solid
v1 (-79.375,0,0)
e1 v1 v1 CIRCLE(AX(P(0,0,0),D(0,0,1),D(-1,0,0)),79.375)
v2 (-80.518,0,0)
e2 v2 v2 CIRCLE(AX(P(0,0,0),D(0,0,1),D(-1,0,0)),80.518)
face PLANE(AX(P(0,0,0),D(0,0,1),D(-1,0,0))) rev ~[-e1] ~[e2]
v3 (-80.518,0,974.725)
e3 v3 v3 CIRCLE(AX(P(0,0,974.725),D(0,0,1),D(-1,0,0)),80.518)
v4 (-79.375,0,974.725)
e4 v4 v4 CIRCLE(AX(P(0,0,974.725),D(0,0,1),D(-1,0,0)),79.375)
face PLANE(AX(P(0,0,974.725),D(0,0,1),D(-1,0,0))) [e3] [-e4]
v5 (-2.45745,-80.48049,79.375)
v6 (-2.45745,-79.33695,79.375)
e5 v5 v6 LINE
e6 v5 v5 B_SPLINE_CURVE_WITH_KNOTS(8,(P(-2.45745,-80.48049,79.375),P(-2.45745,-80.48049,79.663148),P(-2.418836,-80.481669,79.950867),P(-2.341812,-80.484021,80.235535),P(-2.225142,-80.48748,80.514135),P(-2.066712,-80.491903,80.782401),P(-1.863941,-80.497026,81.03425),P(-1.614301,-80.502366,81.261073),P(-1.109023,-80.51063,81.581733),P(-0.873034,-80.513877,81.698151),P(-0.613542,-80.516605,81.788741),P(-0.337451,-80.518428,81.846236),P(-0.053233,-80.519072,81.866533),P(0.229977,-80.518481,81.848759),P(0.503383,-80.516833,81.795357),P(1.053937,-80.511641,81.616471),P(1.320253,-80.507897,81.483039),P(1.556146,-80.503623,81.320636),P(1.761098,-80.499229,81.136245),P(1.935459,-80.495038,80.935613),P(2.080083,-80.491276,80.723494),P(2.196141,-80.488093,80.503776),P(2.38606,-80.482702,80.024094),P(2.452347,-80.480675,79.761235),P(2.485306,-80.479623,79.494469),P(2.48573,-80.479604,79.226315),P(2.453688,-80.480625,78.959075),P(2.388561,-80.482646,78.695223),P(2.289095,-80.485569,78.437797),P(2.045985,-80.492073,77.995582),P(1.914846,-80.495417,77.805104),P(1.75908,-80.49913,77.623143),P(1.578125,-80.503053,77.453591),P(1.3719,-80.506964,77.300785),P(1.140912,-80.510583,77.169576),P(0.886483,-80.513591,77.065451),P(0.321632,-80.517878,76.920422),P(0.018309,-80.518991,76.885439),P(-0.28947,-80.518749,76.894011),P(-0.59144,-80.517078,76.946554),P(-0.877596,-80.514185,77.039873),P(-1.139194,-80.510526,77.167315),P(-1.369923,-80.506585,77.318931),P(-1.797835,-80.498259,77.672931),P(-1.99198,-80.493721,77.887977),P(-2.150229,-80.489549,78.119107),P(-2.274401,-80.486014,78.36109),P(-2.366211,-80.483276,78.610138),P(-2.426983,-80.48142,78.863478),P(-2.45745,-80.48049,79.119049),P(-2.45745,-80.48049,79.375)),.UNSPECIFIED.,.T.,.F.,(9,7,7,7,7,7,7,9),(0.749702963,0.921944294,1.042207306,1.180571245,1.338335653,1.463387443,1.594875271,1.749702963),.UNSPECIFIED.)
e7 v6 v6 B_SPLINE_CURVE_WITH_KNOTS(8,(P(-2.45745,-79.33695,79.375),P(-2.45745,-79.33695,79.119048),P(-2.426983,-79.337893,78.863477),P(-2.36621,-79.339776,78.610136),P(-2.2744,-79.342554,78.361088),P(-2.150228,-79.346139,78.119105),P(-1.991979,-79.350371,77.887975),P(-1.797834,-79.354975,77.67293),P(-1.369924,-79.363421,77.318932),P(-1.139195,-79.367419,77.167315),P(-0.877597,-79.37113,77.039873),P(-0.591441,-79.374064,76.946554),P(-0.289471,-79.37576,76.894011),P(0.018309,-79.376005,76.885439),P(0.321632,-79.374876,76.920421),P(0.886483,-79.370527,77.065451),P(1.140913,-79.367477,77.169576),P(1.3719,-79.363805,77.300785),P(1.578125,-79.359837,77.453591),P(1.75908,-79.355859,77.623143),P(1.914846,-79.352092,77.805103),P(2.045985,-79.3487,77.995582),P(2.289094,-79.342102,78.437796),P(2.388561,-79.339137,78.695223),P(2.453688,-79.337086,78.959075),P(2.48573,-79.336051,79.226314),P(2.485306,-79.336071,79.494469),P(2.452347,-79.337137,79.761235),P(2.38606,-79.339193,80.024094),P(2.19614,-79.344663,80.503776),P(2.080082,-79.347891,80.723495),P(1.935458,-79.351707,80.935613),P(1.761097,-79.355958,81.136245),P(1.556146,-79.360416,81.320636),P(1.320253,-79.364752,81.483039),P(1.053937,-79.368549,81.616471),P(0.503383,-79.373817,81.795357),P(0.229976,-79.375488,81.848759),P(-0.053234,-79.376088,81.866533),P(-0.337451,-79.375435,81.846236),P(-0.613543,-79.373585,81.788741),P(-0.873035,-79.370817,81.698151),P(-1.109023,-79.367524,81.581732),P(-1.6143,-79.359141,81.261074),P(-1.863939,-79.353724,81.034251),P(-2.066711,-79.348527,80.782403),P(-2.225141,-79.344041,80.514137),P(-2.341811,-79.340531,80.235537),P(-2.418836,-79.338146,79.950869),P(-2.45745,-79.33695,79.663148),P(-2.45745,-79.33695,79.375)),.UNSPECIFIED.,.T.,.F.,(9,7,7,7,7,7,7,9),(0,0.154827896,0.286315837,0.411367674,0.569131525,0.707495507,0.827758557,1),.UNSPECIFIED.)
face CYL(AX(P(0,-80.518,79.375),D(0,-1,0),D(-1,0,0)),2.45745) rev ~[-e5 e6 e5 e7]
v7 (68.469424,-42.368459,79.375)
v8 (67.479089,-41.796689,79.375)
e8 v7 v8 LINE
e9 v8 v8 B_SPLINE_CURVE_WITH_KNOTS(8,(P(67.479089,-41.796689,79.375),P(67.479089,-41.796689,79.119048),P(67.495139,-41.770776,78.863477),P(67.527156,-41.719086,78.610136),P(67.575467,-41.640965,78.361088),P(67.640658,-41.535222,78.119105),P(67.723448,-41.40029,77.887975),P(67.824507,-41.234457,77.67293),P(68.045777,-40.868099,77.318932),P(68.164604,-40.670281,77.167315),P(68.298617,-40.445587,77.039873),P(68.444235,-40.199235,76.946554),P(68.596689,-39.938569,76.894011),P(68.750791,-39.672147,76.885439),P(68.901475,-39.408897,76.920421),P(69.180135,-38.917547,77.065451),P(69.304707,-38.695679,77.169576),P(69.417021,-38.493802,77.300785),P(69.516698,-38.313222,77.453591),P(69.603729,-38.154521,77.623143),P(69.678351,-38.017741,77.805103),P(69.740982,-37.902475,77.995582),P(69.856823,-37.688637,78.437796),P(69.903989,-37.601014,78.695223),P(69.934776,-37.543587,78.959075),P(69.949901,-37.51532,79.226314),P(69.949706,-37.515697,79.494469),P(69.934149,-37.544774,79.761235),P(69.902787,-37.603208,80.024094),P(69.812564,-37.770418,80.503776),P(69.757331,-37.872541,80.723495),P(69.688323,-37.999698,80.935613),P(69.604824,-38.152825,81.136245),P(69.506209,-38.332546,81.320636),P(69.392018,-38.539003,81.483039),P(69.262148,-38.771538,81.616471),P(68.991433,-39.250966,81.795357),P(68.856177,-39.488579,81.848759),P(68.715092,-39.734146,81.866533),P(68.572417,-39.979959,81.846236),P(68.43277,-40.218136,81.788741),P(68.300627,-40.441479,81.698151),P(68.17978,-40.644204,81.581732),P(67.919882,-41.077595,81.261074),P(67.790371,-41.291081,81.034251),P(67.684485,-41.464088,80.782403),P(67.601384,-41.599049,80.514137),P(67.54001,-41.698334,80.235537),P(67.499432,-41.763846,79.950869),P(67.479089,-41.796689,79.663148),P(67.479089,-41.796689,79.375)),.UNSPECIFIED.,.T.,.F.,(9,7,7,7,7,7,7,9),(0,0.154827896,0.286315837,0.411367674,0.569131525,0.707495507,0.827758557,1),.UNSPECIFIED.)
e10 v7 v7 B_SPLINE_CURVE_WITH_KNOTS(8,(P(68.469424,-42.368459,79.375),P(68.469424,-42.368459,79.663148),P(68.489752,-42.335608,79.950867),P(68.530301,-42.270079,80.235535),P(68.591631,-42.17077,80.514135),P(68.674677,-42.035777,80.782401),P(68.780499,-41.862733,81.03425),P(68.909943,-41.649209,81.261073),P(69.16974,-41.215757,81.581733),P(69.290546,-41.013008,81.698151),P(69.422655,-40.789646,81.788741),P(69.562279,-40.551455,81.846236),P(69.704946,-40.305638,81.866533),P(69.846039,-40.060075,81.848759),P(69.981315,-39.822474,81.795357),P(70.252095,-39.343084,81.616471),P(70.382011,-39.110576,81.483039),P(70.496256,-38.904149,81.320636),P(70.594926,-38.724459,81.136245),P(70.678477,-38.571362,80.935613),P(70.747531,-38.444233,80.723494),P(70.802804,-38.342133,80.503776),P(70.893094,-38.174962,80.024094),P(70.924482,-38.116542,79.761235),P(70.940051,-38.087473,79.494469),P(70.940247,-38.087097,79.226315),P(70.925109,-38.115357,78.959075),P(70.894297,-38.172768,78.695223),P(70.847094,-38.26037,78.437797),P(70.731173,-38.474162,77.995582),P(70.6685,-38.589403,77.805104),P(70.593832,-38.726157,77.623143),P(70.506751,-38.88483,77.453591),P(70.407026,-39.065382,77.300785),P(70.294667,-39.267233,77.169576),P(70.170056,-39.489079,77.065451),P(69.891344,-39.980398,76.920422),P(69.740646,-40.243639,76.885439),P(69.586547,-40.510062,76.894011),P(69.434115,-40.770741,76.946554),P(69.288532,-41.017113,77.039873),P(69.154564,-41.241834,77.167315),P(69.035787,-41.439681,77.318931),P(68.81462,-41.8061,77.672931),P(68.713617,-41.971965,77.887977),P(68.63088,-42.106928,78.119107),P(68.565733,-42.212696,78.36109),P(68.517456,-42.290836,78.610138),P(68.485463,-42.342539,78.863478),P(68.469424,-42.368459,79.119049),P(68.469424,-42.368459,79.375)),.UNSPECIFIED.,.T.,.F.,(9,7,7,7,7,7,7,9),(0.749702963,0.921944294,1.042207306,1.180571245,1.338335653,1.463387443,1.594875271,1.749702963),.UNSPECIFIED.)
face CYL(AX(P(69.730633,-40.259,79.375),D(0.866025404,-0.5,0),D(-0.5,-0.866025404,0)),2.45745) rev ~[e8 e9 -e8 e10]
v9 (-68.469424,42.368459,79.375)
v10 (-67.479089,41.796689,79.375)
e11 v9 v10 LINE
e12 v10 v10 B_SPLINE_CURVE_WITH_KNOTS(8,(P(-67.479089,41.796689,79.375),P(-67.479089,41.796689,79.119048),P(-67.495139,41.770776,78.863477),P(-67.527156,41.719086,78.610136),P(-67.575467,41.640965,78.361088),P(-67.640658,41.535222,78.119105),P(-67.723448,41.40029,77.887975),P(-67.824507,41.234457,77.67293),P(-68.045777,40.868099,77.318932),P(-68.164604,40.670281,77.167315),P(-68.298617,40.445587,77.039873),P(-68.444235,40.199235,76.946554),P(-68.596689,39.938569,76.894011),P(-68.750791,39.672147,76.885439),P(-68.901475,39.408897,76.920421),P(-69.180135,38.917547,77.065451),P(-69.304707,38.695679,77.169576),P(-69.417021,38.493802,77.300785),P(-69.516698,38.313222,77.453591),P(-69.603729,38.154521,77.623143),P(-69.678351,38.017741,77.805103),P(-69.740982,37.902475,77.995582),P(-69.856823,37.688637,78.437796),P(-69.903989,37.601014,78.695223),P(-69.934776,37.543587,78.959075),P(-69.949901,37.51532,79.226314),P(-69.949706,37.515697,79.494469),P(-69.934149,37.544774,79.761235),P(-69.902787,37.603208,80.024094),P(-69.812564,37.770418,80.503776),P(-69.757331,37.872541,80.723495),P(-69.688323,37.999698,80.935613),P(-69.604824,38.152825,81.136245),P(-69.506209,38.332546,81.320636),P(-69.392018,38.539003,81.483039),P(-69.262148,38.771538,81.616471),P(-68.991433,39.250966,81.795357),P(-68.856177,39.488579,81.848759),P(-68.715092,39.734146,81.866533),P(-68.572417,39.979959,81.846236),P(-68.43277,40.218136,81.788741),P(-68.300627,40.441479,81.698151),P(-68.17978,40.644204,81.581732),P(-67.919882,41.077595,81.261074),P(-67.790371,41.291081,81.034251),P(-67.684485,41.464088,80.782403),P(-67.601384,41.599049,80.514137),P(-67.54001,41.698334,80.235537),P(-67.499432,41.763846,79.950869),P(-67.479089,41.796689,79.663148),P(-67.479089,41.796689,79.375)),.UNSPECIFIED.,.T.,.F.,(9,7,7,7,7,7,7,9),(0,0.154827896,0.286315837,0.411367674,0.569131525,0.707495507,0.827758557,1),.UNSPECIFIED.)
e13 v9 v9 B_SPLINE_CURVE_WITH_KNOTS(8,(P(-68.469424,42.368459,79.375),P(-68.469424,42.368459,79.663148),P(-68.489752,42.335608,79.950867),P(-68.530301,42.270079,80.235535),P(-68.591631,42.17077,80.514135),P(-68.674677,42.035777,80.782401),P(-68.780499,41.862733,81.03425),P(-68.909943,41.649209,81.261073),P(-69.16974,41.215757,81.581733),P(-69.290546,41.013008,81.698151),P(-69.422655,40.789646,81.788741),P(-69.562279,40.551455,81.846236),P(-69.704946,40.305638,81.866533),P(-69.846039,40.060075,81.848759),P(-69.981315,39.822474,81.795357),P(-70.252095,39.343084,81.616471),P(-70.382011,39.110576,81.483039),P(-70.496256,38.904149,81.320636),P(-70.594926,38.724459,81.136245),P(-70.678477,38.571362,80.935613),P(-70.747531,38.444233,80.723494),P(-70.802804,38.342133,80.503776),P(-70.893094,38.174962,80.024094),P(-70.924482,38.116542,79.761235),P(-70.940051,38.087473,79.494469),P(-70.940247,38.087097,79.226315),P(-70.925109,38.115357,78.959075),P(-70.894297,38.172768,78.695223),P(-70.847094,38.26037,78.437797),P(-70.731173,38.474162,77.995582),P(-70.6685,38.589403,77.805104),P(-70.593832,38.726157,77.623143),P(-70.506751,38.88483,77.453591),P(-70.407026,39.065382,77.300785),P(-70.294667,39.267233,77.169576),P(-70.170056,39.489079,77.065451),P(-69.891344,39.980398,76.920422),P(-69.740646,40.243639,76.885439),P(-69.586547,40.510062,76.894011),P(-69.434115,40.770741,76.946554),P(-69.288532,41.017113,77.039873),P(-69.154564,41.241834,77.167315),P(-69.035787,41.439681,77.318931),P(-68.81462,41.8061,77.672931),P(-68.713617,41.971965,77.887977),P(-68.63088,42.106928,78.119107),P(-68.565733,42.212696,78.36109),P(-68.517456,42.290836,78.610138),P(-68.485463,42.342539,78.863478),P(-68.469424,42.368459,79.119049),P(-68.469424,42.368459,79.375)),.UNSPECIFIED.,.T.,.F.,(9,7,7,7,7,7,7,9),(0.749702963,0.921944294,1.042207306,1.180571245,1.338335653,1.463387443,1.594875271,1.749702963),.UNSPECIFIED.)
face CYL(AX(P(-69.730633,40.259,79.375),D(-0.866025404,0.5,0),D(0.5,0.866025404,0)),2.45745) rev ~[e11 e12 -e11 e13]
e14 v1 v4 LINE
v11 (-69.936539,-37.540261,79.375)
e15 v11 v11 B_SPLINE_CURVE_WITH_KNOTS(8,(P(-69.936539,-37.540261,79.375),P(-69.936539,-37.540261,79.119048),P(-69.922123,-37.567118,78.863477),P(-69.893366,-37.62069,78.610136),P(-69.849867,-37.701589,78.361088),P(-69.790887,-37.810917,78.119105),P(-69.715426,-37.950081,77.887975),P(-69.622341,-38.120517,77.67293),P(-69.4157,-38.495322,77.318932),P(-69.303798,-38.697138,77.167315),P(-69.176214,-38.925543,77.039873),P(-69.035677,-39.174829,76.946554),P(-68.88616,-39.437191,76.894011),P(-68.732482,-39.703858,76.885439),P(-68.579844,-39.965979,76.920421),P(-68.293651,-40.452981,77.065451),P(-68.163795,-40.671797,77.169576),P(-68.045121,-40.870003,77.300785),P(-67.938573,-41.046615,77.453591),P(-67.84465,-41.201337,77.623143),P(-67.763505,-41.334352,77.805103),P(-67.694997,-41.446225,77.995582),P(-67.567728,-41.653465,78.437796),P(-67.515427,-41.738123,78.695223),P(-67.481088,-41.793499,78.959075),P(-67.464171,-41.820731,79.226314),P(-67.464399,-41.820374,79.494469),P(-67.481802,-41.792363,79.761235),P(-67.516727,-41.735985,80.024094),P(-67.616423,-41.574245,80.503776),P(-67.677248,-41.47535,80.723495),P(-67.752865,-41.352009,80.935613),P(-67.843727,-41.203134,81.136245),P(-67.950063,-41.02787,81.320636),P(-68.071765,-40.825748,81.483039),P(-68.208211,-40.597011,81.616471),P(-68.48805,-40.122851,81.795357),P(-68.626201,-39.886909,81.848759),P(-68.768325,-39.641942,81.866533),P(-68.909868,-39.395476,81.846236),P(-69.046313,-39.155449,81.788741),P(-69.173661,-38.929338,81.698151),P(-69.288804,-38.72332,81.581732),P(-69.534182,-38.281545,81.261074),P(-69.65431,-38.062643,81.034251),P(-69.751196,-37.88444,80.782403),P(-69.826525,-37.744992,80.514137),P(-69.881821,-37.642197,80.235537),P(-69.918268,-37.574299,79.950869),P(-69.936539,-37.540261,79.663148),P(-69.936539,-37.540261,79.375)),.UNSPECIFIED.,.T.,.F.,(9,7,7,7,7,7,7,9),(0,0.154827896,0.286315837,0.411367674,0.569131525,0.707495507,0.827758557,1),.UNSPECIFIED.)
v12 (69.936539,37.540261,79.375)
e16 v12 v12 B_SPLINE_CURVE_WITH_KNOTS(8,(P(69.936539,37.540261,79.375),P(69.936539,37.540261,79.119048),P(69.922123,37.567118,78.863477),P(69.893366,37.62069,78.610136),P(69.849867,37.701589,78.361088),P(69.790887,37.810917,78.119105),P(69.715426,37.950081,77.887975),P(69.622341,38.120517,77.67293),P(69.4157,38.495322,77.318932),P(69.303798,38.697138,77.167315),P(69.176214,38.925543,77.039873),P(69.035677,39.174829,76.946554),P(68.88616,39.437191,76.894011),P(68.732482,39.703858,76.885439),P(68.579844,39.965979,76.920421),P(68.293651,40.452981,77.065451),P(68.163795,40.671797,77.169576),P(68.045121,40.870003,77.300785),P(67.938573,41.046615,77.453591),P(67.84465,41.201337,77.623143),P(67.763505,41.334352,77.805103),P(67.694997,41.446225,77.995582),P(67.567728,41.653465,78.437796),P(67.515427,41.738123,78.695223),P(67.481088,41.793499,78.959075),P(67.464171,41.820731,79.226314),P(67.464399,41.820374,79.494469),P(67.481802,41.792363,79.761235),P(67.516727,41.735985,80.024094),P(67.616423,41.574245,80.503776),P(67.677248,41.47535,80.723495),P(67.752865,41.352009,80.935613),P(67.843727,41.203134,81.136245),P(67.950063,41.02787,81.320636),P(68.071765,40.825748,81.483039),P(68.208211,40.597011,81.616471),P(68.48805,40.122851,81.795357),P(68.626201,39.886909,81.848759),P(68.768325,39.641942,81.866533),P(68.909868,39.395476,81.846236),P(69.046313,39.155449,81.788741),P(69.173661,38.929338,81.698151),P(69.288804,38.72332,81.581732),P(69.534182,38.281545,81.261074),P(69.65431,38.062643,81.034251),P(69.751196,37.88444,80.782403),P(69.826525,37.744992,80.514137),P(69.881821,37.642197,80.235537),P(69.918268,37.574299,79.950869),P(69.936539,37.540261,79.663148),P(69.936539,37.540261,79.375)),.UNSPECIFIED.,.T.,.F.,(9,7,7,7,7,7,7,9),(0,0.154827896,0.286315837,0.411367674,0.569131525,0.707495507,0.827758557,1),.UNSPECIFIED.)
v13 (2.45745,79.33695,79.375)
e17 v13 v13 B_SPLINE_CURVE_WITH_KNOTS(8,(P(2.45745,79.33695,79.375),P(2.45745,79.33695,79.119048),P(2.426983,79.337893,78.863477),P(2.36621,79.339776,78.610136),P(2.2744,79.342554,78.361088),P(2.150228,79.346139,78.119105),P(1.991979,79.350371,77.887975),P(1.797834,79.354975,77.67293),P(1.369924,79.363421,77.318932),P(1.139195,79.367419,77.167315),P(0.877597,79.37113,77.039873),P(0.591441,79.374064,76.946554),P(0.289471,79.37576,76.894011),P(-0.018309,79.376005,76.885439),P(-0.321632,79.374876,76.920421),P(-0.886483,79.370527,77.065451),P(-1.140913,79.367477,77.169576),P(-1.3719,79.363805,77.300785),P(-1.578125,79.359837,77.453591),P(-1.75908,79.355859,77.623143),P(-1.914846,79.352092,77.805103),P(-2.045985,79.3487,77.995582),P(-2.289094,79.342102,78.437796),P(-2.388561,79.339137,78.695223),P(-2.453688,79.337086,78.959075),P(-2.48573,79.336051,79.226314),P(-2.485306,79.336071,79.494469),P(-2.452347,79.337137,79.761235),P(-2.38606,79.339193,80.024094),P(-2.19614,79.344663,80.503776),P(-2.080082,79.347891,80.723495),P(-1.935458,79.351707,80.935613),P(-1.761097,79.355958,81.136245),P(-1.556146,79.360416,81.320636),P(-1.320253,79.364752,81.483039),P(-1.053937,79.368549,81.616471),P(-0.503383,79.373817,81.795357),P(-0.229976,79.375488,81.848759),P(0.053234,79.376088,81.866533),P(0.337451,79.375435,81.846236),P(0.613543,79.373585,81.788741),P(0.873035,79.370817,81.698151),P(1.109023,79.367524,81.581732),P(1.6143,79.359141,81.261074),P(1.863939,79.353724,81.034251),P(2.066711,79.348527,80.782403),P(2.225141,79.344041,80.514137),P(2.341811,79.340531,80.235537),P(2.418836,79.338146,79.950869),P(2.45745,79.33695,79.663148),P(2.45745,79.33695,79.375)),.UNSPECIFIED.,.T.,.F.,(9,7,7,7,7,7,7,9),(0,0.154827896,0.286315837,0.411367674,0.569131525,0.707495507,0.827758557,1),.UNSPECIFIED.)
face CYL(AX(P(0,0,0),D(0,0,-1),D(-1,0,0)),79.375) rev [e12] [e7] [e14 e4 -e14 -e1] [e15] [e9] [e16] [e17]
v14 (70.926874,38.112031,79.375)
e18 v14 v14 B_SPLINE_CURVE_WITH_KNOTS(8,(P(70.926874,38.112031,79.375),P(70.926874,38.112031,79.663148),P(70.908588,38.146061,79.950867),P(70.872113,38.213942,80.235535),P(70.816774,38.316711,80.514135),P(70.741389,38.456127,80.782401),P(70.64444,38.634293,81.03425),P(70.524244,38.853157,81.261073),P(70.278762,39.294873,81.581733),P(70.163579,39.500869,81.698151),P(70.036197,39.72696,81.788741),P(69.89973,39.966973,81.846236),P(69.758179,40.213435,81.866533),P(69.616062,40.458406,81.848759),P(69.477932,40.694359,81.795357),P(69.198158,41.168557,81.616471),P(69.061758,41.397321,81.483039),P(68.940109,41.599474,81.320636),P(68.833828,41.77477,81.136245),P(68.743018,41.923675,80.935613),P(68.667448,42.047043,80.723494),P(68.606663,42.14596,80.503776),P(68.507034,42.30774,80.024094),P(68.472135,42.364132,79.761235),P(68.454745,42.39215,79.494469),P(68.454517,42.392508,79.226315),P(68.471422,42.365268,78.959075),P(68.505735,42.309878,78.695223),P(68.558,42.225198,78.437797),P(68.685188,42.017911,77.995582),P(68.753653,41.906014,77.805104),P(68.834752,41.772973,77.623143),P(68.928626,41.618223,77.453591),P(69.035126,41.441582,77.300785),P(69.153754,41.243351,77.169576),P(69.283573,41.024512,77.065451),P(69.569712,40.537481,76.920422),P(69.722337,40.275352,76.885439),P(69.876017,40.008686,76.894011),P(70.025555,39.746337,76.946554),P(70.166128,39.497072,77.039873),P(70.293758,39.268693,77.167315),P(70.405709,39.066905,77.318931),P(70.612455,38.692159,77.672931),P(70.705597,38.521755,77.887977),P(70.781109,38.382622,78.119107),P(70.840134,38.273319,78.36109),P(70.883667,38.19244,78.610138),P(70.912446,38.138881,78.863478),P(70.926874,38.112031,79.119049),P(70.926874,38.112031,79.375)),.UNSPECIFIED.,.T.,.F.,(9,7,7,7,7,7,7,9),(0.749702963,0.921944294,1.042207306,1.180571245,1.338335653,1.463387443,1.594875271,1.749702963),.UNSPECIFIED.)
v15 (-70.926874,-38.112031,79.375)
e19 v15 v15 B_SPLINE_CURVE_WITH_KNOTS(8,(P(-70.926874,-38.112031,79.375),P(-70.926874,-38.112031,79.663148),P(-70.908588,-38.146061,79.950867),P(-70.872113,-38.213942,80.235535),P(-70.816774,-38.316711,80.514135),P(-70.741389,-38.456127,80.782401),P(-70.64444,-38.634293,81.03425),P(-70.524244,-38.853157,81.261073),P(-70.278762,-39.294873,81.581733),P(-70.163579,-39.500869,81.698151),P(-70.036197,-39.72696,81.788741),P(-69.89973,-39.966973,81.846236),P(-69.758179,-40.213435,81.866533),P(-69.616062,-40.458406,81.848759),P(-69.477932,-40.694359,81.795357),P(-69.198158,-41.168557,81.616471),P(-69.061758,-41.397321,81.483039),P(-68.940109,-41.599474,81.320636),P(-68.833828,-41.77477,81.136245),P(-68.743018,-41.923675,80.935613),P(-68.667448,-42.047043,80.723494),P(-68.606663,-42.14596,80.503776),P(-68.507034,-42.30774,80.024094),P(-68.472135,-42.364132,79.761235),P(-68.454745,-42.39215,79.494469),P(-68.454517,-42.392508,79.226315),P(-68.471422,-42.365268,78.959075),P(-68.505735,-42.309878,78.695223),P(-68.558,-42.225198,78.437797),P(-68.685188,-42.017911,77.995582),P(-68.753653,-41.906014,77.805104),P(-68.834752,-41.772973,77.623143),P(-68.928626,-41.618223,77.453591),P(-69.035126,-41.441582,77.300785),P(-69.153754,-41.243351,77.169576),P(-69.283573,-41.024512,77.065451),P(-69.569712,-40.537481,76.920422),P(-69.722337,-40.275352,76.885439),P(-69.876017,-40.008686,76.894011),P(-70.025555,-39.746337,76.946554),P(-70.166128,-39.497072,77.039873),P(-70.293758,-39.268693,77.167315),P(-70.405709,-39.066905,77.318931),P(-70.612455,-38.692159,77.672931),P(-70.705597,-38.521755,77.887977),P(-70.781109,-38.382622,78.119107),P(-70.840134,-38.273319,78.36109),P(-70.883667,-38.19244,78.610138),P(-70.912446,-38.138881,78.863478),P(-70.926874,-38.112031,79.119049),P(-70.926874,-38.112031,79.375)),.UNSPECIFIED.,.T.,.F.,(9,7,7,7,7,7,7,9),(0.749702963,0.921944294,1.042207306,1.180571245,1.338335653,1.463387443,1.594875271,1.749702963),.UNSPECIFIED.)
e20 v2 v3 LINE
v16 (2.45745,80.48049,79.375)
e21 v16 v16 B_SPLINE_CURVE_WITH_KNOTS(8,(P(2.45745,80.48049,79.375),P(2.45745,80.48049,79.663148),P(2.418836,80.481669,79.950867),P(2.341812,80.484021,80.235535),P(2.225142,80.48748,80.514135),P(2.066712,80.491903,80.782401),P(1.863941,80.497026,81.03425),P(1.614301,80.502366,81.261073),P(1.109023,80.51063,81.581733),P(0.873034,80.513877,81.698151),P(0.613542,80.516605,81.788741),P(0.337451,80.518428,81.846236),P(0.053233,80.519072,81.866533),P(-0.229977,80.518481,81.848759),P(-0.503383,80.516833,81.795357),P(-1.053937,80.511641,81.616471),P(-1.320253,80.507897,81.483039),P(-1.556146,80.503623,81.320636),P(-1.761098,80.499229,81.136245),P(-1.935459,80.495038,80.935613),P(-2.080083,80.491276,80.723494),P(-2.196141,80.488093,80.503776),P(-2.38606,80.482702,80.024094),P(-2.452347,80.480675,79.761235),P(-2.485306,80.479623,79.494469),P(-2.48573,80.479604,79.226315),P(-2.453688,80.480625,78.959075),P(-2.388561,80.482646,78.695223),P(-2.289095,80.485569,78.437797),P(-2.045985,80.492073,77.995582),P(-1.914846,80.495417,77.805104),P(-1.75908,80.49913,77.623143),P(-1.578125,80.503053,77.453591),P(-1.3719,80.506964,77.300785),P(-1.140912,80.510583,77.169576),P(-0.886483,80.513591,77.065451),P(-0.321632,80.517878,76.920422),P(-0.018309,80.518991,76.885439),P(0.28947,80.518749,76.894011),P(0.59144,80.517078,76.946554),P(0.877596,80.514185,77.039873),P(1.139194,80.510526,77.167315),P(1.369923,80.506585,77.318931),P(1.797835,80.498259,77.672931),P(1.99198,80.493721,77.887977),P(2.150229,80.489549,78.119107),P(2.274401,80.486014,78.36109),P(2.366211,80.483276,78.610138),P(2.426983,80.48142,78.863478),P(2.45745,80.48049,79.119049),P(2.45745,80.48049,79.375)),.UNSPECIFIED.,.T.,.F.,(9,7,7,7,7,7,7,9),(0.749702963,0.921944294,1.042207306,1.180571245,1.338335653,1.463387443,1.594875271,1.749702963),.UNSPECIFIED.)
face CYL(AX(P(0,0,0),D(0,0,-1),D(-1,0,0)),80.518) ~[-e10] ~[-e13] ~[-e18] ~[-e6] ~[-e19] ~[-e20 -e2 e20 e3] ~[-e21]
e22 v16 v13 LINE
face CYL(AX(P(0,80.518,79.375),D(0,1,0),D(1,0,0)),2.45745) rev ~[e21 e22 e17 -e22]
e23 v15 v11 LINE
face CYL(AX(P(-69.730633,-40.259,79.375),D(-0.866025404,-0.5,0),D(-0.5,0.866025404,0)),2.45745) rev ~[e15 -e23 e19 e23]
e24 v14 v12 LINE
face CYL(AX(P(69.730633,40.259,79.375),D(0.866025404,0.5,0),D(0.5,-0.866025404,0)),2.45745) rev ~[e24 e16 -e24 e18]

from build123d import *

# Parameters (mm, degrees)
SKETCH1_R                         = 80.518
SKETCH1_R_2                       = 79.375
BOSS_EXTRUDE1_DEPTH               = 974.725
F_10_0_1935_DIAMETER_HOLE1_REACH  = 993.214
F_10_0_1935_DIAMETER_HOLE1_BORE_R = 2.45745
CIRPATTERN1_COUNT                 = 6


with BuildPart() as part:
    # Sketch1 → Boss-Extrude1 (new body)
    with BuildSketch(Plane.XY):
        with Locations(Location((0, 0, 0), (0, 0, 180))):
            Circle(SKETCH1_R)
        with Locations(Location((0, 0, 0), (0, 0, 180))):
            Circle(SKETCH1_R_2, mode=Mode.SUBTRACT)
    extrude(amount=BOSS_EXTRUDE1_DEPTH)

    # #10 (0.1935) Diameter Hole1 bore → #10 (0.1935) Diameter Hole1 (cut, up to next)
    with BuildSketch(Plane(origin=(0, 80.518, 0), x_dir=(1, 0, 0), z_dir=(0, 1, 0)), mode=Mode.PRIVATE) as f_10_0_1935_diameter_hole1_sk1:
        with Locations((0, -79.375)):
            Circle(F_10_0_1935_DIAMETER_HOLE1_BORE_R)
    f_10_0_1935_diameter_hole1_tool1 = extrude(f_10_0_1935_diameter_hole1_sk1.sketch, amount=-F_10_0_1935_DIAMETER_HOLE1_REACH, mode=Mode.PRIVATE) & part.part
    f_10_0_1935_diameter_hole1 = f_10_0_1935_diameter_hole1_tool1.solids().sort_by_distance((0, 80.518, 79.375))[0]
    add(f_10_0_1935_diameter_hole1, mode=Mode.SUBTRACT)

    # CirPattern1: #10 (0.1935) Diameter Hole1 ×6 about axis
    cirpattern1_axis = Axis((0, 0, 0), (0, 0, 1))
    for i in range(1, CIRPATTERN1_COUNT):
        add(f_10_0_1935_diameter_hole1.rotate(cirpattern1_axis, i * 360 / CIRPATTERN1_COUNT), mode=Mode.SUBTRACT)


solid = part.part
